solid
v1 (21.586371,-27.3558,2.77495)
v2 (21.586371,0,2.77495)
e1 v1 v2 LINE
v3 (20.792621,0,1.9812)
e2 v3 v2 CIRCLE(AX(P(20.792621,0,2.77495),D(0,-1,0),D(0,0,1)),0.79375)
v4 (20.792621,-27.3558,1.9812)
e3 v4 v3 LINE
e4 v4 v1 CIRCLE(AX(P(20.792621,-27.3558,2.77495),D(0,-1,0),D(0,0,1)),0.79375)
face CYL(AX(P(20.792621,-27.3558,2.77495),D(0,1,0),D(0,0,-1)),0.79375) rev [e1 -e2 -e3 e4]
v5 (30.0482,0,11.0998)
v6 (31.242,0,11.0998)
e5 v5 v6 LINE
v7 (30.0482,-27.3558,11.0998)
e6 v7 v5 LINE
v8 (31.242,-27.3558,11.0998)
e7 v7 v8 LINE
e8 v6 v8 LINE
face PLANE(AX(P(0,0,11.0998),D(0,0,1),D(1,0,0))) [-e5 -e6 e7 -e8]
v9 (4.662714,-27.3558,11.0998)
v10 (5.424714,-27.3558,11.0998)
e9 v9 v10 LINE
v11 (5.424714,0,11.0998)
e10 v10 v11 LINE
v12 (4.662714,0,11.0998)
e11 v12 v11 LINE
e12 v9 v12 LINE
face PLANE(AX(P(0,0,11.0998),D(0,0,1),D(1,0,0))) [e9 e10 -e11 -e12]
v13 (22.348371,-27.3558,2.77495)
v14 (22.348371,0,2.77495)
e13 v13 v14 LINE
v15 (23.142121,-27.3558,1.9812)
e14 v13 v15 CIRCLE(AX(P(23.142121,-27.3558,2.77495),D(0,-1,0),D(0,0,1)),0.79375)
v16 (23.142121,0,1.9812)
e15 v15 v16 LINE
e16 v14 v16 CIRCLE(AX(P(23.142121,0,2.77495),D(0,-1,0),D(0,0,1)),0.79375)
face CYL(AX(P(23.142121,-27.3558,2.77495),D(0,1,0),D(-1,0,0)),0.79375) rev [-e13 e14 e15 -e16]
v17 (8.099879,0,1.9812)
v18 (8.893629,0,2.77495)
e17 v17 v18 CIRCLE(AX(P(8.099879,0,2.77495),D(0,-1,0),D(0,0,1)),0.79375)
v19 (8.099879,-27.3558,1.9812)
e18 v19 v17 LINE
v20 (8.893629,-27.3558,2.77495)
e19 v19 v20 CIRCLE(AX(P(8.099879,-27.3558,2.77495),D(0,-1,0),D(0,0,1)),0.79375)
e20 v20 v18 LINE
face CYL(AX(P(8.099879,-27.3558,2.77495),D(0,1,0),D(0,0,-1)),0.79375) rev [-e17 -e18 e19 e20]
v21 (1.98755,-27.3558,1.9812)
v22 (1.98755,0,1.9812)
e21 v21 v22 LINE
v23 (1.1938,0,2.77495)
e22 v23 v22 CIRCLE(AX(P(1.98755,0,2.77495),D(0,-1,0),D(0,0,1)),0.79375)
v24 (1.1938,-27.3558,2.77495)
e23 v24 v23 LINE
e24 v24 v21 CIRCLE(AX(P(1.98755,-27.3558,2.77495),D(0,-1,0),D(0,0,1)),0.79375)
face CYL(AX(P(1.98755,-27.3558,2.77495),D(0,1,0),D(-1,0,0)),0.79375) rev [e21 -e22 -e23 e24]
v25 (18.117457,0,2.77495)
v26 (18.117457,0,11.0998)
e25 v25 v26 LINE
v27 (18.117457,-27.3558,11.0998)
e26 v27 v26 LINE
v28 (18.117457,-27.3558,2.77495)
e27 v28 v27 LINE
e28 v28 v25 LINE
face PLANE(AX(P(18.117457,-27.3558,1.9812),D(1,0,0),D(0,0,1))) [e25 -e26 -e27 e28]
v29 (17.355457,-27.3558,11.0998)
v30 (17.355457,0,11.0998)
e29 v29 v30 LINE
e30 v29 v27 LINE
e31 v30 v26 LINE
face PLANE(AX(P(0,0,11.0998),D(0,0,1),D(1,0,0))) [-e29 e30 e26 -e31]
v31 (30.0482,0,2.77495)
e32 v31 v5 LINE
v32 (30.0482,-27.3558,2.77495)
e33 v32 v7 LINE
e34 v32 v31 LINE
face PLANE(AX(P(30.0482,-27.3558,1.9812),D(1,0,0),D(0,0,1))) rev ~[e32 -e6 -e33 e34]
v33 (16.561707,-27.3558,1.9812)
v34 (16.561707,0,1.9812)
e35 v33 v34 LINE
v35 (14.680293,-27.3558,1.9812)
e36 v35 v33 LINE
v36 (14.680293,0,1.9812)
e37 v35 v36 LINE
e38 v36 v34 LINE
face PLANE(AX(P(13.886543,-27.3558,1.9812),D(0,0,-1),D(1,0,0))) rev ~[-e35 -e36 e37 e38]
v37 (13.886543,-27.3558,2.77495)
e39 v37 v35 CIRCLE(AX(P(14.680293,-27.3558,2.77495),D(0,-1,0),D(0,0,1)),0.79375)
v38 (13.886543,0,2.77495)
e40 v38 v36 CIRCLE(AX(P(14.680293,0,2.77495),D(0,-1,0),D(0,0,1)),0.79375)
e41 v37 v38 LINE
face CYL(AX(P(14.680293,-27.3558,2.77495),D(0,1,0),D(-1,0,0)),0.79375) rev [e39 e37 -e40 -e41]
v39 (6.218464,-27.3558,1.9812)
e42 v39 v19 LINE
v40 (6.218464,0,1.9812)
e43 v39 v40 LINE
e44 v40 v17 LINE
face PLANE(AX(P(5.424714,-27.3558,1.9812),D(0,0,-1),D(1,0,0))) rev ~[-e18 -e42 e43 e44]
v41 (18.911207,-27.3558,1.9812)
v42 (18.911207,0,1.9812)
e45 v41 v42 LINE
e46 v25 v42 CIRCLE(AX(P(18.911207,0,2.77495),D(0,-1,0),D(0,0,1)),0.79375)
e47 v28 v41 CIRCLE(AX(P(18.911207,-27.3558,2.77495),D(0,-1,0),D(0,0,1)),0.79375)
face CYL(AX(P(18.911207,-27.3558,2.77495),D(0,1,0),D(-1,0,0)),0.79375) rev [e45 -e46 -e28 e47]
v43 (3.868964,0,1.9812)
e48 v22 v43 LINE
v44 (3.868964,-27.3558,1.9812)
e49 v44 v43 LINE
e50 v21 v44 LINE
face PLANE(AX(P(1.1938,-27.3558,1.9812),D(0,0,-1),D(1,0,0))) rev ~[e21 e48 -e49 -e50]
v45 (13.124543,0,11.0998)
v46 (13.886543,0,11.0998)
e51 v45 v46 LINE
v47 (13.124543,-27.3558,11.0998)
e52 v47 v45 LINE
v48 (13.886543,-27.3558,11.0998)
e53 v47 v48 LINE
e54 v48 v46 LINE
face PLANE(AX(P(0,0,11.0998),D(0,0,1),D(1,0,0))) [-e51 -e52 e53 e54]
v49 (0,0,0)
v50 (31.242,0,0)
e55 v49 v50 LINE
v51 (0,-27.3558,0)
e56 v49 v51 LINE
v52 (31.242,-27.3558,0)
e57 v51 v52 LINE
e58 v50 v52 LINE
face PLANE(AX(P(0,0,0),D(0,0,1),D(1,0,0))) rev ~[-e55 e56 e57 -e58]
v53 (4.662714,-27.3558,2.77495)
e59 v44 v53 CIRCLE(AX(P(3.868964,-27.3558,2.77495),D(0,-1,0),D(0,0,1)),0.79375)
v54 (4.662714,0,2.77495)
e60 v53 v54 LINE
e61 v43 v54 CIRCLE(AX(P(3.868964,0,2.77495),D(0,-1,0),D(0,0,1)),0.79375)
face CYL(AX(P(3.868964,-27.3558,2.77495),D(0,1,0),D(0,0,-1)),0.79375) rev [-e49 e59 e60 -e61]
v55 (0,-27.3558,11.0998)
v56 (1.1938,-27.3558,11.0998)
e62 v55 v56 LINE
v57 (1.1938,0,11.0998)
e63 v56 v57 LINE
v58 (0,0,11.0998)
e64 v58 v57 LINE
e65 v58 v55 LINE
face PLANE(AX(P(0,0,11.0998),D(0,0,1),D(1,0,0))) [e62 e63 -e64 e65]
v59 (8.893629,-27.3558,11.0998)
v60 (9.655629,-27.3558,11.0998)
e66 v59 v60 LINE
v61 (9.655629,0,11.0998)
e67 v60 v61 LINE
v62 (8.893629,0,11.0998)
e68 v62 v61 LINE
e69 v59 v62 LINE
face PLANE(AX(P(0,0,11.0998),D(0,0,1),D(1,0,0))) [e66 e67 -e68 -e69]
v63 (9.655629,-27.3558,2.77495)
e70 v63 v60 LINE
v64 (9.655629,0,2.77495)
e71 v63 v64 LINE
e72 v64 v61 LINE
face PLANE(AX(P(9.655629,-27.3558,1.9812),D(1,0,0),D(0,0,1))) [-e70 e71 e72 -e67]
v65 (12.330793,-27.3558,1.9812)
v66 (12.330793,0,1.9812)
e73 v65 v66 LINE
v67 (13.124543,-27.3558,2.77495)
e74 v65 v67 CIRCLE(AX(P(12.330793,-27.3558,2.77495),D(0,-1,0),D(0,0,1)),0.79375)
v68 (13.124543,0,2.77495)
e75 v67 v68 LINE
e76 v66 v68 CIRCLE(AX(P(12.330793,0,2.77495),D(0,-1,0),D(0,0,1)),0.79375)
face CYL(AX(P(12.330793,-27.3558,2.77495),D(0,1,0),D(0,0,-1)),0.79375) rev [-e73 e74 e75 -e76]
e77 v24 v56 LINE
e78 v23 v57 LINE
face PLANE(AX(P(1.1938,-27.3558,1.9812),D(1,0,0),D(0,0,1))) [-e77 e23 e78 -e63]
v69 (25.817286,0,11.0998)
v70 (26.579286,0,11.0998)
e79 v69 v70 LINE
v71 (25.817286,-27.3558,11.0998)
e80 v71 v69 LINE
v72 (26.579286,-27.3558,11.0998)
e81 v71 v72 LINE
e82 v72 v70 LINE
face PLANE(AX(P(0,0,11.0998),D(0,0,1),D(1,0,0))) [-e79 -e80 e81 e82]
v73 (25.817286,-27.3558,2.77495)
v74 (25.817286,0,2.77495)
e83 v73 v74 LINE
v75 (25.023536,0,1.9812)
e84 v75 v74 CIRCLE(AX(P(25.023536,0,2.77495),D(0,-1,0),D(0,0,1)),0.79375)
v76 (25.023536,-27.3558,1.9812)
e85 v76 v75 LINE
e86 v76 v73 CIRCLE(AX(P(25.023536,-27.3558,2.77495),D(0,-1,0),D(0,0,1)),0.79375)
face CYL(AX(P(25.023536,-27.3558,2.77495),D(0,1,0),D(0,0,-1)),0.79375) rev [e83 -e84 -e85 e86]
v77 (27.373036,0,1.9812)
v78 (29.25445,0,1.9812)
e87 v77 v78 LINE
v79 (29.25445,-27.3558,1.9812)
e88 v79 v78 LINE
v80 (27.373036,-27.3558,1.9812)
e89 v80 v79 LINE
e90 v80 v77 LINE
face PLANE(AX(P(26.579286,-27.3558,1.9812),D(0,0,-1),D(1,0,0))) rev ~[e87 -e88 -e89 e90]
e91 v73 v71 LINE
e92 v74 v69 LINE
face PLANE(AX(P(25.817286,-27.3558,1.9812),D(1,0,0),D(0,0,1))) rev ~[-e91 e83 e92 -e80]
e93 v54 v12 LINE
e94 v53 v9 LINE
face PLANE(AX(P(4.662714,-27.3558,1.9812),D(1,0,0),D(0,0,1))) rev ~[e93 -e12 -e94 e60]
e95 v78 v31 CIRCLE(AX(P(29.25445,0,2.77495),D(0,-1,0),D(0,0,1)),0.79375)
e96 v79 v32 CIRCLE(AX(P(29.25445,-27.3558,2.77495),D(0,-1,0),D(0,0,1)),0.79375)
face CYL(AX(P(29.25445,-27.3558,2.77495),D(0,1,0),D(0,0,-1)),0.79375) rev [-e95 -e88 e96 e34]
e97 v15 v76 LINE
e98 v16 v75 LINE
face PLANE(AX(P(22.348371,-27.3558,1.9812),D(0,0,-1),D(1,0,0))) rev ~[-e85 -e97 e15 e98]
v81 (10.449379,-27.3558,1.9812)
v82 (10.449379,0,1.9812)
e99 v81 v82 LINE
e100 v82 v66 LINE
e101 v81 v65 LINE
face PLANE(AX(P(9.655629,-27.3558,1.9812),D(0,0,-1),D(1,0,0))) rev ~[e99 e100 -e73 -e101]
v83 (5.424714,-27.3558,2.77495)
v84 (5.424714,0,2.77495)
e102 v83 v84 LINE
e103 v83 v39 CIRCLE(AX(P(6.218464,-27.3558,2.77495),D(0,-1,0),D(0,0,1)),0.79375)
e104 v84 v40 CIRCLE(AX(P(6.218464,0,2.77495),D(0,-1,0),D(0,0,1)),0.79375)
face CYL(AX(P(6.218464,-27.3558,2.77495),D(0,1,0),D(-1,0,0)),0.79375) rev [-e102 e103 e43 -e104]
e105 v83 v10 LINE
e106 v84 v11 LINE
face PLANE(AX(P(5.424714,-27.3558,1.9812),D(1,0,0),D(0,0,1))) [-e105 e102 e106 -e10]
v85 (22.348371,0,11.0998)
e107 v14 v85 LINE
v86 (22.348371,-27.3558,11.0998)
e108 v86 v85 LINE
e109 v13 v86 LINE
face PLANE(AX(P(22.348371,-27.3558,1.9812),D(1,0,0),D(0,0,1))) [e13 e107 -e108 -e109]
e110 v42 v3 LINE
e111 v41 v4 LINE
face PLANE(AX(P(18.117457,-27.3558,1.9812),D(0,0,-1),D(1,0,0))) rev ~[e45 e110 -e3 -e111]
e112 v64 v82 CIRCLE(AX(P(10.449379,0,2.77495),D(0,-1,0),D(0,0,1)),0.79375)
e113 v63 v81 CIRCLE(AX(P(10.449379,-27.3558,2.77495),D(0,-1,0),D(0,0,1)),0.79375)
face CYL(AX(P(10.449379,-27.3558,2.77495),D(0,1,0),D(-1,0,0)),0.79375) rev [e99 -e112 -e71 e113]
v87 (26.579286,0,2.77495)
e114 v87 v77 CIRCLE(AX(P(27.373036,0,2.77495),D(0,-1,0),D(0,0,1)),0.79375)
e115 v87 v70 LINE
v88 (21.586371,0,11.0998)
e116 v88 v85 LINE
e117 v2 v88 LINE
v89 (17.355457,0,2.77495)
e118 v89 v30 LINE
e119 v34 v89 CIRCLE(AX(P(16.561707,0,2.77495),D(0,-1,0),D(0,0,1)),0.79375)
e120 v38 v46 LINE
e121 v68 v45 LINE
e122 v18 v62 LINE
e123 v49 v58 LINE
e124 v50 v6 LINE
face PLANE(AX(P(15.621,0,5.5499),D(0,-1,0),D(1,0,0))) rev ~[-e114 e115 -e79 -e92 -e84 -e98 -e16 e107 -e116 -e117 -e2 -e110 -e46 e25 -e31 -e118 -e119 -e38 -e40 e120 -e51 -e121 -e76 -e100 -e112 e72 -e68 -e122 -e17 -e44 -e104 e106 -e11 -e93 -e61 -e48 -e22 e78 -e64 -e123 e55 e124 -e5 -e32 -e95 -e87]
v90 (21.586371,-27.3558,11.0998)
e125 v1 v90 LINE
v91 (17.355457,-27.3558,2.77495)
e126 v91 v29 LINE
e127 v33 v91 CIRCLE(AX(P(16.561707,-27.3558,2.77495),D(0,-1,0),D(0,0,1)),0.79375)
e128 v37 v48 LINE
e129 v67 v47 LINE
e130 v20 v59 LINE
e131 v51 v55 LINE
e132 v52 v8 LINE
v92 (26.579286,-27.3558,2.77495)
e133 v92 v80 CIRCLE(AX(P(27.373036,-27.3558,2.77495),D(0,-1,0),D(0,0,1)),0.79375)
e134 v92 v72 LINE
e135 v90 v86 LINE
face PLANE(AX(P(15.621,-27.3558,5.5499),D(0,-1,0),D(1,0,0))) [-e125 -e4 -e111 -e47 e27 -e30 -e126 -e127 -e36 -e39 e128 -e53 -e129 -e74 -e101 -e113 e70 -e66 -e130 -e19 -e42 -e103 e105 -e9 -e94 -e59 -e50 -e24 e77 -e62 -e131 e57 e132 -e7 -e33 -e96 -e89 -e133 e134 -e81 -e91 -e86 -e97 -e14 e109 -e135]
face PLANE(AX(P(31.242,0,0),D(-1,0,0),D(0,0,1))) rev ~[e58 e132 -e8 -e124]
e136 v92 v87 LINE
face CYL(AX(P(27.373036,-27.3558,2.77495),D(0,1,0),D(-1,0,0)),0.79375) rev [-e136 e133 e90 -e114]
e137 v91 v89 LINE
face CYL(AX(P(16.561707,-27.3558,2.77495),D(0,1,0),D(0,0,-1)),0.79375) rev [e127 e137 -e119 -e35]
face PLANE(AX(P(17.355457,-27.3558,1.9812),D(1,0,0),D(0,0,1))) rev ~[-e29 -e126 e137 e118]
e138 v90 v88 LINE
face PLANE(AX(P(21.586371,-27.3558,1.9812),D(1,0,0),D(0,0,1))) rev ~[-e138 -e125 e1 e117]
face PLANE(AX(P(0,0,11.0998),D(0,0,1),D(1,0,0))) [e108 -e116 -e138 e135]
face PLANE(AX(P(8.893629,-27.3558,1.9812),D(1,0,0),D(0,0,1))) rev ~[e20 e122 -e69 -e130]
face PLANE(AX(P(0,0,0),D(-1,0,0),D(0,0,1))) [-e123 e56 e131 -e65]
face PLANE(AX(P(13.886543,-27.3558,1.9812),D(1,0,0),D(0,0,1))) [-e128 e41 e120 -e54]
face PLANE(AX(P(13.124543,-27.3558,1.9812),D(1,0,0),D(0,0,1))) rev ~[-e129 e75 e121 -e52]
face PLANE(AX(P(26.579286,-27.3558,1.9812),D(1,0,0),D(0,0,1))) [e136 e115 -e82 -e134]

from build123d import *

# Parameters (mm, degrees)
F0_W     = 31.242
F0_H     = 11.0998
F1_DEPTH = 27.3558
F2_W     = 3.468914
F2_H     = 9.1186
F2_W_2   = 3.468915
F3_DEPTH = 27.3568
F4_R     = 0.79375


with BuildPart() as f1:
    # F0 (on Front) → F1 (new body)
    with BuildSketch(Plane.XZ):
        with Locations((15.621, 5.5499)):
            Rectangle(F0_W, F0_H)
    extrude(amount=F1_DEPTH)

    # F2 (on face) → F3 (cut, through all)
    with BuildSketch(Plane.XZ.offset(27.3558)):
        with Locations((2.928257, 6.5405)):
            Rectangle(F2_W, F2_H)
        with Locations((7.159171, 6.5405)):
            Rectangle(F2_W_2, F2_H)
        with Locations((11.390086, 6.5405)):
            Rectangle(F2_W, F2_H)
        with Locations((15.621, 6.5405)):
            Rectangle(F2_W, F2_H)
        with Locations((19.851914, 6.5405)):
            Rectangle(F2_W, F2_H)
        with Locations((24.082828, 6.5405)):
            Rectangle(F2_W_2, F2_H)
        with Locations((28.313743, 6.5405)):
            Rectangle(F2_W, F2_H)
    extrude(amount=-F3_DEPTH, mode=Mode.SUBTRACT)

    # F4
    f4_edges = [f1.edges().sort_by_distance(p)[0] for p in [
        (1.1938, -13.6779, 1.9812),
        (4.662714, -13.6779, 1.9812),
        (5.424714, -13.6779, 1.9812),
        (8.893629, -13.6779, 1.9812),
        (9.655629, -13.6779, 1.9812),
        (13.124543, -13.6779, 1.9812),
        (13.886543, -13.6779, 1.9812),
        (17.355457, -13.6779, 1.9812),
        (18.117457, -13.6779, 1.9812),
        (21.586371, -13.6779, 1.9812),
        (22.348371, -13.6779, 1.9812),
        (25.817286, -13.6779, 1.9812),
        (26.579286, -13.6779, 1.9812),
        (30.0482, -13.6779, 1.9812),
    ]]
    fillet(f4_edges, radius=F4_R)


solid = f1.part
